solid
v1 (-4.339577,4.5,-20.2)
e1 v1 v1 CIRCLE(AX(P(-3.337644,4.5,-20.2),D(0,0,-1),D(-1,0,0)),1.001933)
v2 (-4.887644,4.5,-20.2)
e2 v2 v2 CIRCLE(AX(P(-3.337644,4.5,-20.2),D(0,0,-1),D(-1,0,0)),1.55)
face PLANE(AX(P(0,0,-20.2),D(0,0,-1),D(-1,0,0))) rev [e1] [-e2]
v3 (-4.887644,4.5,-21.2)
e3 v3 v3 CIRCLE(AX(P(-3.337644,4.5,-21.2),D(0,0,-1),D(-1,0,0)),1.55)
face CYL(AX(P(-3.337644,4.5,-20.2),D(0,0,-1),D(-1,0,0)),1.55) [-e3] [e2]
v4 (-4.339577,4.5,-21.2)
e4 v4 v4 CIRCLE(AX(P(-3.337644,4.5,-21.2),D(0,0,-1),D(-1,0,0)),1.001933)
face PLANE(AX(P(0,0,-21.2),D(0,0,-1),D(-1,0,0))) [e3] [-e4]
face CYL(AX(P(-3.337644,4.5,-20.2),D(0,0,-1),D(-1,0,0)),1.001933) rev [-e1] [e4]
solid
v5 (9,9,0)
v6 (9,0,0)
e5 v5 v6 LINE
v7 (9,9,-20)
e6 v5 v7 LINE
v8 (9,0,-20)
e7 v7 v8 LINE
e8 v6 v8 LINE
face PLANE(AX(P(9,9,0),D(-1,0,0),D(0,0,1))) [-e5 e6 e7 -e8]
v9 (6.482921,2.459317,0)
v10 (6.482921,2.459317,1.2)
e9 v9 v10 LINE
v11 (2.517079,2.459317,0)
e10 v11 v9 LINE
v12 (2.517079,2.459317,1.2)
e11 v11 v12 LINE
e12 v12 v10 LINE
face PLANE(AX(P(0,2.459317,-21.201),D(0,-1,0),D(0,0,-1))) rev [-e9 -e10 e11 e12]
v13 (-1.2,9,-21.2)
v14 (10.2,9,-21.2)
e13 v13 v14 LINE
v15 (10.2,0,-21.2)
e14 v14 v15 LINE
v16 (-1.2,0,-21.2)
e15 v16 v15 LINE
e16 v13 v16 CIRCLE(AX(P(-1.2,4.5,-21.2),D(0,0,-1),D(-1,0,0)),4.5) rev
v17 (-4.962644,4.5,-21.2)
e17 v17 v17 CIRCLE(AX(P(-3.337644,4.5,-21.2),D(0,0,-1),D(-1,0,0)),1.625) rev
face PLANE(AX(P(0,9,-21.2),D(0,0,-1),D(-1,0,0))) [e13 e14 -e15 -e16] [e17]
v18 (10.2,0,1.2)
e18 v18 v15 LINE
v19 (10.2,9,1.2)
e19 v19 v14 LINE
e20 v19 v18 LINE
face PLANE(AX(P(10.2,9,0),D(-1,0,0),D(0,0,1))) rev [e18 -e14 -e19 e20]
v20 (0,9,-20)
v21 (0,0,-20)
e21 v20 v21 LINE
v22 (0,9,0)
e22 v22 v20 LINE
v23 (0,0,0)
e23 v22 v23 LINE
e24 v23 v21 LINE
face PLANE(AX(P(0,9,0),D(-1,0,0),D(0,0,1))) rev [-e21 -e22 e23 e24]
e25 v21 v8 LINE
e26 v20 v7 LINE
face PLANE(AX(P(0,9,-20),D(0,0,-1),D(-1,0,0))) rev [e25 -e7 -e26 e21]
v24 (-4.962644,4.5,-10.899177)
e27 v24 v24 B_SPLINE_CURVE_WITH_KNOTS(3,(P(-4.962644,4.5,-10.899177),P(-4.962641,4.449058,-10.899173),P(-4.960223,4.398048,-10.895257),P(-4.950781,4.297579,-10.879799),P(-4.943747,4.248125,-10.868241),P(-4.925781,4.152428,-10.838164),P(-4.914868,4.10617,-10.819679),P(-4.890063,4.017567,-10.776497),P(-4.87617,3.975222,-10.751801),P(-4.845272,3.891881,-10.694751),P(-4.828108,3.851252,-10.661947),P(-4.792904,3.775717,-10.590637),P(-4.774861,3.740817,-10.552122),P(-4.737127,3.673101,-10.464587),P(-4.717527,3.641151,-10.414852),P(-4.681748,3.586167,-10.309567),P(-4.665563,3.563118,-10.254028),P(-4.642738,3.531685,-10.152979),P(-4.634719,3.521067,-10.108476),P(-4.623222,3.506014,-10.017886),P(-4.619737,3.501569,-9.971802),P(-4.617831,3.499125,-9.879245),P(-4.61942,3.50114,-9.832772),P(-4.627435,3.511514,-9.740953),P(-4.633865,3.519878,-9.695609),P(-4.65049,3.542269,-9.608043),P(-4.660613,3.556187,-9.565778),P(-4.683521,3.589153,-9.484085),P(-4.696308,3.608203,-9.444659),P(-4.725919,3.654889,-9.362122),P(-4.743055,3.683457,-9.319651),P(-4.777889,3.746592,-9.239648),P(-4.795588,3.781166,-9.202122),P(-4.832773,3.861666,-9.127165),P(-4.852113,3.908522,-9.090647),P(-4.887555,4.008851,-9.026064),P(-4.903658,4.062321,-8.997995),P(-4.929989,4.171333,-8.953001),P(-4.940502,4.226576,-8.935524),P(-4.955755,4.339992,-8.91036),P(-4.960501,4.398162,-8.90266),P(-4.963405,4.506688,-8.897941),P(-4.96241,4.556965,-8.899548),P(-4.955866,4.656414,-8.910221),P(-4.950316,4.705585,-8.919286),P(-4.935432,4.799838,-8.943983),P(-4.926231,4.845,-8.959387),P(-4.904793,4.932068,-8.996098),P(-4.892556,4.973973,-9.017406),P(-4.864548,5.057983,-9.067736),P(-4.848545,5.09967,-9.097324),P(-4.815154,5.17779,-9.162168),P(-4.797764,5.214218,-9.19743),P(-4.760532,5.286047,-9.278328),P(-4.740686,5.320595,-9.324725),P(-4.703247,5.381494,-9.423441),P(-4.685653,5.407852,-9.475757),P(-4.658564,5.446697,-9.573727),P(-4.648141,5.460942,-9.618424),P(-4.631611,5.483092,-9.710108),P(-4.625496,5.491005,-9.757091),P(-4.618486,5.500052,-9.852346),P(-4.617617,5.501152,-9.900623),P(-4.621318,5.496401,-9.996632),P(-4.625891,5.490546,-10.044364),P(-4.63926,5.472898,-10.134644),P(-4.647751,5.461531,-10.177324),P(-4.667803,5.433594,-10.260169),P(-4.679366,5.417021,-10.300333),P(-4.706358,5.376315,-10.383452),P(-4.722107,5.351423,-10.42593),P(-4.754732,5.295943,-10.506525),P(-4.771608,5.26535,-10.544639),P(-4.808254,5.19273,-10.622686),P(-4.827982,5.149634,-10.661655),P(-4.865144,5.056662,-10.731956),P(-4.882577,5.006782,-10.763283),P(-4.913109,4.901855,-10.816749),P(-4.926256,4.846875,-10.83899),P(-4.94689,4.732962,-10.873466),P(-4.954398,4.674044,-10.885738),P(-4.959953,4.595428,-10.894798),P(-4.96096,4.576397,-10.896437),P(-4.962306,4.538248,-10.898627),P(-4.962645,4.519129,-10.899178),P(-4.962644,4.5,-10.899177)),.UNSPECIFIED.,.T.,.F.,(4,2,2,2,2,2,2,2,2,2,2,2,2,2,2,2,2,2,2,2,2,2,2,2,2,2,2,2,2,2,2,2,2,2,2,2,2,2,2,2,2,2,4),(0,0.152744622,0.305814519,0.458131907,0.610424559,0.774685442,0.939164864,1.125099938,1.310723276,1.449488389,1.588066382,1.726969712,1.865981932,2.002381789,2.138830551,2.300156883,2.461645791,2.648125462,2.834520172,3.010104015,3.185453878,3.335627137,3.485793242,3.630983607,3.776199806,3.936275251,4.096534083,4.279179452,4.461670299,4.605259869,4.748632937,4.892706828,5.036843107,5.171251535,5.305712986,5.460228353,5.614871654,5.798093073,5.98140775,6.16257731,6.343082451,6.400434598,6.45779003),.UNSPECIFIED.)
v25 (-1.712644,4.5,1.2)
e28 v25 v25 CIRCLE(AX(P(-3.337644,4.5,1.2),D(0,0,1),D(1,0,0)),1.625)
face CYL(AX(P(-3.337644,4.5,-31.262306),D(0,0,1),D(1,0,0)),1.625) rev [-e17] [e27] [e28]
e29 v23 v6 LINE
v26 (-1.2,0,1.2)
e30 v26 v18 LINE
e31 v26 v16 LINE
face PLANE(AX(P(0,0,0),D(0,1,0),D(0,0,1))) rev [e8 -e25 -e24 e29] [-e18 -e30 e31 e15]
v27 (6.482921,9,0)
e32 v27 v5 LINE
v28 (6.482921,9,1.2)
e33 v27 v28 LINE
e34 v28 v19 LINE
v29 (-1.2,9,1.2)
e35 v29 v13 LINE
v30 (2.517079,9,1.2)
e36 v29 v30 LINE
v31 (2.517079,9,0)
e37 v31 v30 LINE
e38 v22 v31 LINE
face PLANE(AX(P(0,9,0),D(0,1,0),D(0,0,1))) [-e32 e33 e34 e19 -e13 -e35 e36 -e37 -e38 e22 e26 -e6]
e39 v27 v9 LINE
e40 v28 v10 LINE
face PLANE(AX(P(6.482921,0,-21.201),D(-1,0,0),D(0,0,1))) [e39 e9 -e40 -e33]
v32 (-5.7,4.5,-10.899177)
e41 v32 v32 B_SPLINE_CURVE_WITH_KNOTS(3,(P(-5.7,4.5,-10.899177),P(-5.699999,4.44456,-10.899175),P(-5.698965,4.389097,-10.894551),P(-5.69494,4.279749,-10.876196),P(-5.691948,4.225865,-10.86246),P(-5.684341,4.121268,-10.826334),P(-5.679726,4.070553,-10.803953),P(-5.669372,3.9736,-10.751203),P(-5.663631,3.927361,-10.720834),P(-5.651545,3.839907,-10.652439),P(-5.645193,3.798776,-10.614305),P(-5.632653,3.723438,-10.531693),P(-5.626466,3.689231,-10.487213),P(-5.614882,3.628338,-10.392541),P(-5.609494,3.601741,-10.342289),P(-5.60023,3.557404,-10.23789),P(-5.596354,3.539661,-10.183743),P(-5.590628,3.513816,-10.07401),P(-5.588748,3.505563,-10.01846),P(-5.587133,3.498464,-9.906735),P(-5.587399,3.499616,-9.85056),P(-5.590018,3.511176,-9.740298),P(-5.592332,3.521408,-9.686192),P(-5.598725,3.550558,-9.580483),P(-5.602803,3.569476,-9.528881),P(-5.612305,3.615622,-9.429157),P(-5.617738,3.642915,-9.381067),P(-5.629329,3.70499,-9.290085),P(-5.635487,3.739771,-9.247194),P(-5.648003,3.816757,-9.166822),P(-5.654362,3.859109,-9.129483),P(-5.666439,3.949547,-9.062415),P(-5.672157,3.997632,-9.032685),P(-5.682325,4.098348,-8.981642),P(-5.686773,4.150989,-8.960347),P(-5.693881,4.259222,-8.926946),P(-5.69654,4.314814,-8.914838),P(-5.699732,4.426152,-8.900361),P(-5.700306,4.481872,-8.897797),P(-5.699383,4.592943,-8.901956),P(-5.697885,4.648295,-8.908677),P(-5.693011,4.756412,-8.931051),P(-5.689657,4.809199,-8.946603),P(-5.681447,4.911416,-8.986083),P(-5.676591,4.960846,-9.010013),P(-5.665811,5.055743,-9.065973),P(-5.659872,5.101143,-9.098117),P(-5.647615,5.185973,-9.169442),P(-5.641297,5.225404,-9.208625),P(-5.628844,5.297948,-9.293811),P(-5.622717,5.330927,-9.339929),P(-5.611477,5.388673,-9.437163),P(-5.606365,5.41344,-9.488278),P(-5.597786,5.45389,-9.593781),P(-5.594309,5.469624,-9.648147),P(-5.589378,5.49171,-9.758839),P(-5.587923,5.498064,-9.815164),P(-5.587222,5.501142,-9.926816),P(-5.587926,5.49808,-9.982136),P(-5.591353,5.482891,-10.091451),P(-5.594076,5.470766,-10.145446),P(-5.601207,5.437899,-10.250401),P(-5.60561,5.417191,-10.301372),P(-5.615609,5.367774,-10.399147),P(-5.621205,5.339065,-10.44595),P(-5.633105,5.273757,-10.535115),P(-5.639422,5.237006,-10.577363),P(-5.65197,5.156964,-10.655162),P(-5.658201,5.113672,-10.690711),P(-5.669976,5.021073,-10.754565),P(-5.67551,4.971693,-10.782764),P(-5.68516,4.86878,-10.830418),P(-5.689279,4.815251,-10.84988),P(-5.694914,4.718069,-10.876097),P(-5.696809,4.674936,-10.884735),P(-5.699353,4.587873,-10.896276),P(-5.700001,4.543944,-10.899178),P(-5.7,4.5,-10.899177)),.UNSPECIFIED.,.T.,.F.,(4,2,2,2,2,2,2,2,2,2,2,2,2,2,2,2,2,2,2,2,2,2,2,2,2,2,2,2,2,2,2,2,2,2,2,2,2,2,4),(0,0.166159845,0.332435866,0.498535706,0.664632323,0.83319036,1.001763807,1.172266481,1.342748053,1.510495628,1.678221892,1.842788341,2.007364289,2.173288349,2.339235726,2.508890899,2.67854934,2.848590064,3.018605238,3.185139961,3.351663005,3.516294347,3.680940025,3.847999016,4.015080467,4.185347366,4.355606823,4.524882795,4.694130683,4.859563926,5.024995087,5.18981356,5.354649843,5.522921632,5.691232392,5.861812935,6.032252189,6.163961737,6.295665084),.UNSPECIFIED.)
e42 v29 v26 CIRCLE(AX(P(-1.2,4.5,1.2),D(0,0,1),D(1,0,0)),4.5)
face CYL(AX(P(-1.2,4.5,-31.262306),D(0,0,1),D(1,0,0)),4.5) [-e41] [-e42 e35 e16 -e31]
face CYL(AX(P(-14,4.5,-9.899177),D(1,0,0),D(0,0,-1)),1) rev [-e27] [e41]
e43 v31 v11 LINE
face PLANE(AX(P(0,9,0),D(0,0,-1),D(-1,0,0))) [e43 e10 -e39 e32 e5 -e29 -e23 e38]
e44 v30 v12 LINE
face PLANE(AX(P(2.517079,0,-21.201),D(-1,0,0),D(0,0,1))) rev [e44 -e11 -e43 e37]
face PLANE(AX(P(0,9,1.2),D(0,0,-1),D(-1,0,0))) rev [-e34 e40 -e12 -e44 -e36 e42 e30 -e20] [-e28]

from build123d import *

# Parameters (mm, degrees)
SKETCH1_W           = 11.4
SKETCH1_H           = 22.4
SKETCH1_W_2         = 9
SKETCH1_H_2         = 20
BOSS_EXTRUDE1_DEPTH = 9
CUT_EXTRUDE1_REACH  = 24.4
SKETCH2_W           = 3.96584196
SKETCH2_H           = 6.540682608
SKETCH3_R           = 1.625
BOSS_EXTRUDE2_DEPTH = 22.4
CUT_EXTRUDE2_START  = -4
SKETCH4_R           = 1
CUT_EXTRUDE2_DEPTH  = 10
SKETCH5_R           = 1.55
SKETCH5_R_2         = 1.001932819
BOSS_EXTRUDE3_DEPTH = 1


with BuildPart() as part:
    # Sketch1 → Boss-Extrude1 (new body)
    with BuildSketch(Plane(origin=(0, 0, 0), x_dir=(1, 0, 0), z_dir=(0, 1, 0))):
        with Locations((4.5, 10)):
            Rectangle(SKETCH1_W, SKETCH1_H)
        with Locations((4.5, 10)):
            Rectangle(SKETCH1_W_2, SKETCH1_H_2, mode=Mode.SUBTRACT)
    extrude(amount=BOSS_EXTRUDE1_DEPTH)

    # Sketch2 → Cut-Extrude1 (cut, up to next)
    with BuildSketch(Plane.XY.offset(1.2), mode=Mode.PRIVATE) as cut_extrude1_sk1:
        with Locations((4.5, 5.729658696)):
            Rectangle(SKETCH2_W, SKETCH2_H)
    cut_extrude1_tool1 = extrude(cut_extrude1_sk1.sketch, amount=-CUT_EXTRUDE1_REACH, mode=Mode.PRIVATE) & part.part
    add(cut_extrude1_tool1.solids().sort_by_distance((4.5, 5.729659, 1.2))[0], mode=Mode.SUBTRACT)

    # Sketch3 → Boss-Extrude2 (add)
    with BuildSketch(Plane.XY.offset(1.2)):
        with BuildLine():
            Line((-1.2, 9), (-1.2, 0))
            ThreePointArc((-1.2, 0), (-5.7, 4.5), (-1.2, 9))
        make_face()
        with Locations((-3.337644254, 4.5)):
            Circle(SKETCH3_R, mode=Mode.SUBTRACT)
    extrude(amount=-BOSS_EXTRUDE2_DEPTH)

    # Sketch4 → Cut-Extrude2 (cut)
    with BuildSketch(Plane(origin=(0, 0, 0), x_dir=(0, 0, -1), z_dir=(1, 0, 0)).offset(CUT_EXTRUDE2_START)):
        with Locations((9.899176572, 4.5)):
            Circle(SKETCH4_R)
    extrude(amount=-CUT_EXTRUDE2_DEPTH, mode=Mode.SUBTRACT)


with BuildPart() as body_2:
    # Sketch5 → Boss-Extrude3 (new body)
    with BuildSketch(Plane(origin=(0, 0, -21.2), x_dir=(-1, 0, 0), z_dir=(0, 0, -1))):
        with Locations((3.337644254, 4.5)):
            Circle(SKETCH5_R)
        with Locations((3.337644254, 4.5)):
            Circle(SKETCH5_R_2, mode=Mode.SUBTRACT)
    extrude(amount=-BOSS_EXTRUDE3_DEPTH)


solid = Compound([part.part, body_2.part])
